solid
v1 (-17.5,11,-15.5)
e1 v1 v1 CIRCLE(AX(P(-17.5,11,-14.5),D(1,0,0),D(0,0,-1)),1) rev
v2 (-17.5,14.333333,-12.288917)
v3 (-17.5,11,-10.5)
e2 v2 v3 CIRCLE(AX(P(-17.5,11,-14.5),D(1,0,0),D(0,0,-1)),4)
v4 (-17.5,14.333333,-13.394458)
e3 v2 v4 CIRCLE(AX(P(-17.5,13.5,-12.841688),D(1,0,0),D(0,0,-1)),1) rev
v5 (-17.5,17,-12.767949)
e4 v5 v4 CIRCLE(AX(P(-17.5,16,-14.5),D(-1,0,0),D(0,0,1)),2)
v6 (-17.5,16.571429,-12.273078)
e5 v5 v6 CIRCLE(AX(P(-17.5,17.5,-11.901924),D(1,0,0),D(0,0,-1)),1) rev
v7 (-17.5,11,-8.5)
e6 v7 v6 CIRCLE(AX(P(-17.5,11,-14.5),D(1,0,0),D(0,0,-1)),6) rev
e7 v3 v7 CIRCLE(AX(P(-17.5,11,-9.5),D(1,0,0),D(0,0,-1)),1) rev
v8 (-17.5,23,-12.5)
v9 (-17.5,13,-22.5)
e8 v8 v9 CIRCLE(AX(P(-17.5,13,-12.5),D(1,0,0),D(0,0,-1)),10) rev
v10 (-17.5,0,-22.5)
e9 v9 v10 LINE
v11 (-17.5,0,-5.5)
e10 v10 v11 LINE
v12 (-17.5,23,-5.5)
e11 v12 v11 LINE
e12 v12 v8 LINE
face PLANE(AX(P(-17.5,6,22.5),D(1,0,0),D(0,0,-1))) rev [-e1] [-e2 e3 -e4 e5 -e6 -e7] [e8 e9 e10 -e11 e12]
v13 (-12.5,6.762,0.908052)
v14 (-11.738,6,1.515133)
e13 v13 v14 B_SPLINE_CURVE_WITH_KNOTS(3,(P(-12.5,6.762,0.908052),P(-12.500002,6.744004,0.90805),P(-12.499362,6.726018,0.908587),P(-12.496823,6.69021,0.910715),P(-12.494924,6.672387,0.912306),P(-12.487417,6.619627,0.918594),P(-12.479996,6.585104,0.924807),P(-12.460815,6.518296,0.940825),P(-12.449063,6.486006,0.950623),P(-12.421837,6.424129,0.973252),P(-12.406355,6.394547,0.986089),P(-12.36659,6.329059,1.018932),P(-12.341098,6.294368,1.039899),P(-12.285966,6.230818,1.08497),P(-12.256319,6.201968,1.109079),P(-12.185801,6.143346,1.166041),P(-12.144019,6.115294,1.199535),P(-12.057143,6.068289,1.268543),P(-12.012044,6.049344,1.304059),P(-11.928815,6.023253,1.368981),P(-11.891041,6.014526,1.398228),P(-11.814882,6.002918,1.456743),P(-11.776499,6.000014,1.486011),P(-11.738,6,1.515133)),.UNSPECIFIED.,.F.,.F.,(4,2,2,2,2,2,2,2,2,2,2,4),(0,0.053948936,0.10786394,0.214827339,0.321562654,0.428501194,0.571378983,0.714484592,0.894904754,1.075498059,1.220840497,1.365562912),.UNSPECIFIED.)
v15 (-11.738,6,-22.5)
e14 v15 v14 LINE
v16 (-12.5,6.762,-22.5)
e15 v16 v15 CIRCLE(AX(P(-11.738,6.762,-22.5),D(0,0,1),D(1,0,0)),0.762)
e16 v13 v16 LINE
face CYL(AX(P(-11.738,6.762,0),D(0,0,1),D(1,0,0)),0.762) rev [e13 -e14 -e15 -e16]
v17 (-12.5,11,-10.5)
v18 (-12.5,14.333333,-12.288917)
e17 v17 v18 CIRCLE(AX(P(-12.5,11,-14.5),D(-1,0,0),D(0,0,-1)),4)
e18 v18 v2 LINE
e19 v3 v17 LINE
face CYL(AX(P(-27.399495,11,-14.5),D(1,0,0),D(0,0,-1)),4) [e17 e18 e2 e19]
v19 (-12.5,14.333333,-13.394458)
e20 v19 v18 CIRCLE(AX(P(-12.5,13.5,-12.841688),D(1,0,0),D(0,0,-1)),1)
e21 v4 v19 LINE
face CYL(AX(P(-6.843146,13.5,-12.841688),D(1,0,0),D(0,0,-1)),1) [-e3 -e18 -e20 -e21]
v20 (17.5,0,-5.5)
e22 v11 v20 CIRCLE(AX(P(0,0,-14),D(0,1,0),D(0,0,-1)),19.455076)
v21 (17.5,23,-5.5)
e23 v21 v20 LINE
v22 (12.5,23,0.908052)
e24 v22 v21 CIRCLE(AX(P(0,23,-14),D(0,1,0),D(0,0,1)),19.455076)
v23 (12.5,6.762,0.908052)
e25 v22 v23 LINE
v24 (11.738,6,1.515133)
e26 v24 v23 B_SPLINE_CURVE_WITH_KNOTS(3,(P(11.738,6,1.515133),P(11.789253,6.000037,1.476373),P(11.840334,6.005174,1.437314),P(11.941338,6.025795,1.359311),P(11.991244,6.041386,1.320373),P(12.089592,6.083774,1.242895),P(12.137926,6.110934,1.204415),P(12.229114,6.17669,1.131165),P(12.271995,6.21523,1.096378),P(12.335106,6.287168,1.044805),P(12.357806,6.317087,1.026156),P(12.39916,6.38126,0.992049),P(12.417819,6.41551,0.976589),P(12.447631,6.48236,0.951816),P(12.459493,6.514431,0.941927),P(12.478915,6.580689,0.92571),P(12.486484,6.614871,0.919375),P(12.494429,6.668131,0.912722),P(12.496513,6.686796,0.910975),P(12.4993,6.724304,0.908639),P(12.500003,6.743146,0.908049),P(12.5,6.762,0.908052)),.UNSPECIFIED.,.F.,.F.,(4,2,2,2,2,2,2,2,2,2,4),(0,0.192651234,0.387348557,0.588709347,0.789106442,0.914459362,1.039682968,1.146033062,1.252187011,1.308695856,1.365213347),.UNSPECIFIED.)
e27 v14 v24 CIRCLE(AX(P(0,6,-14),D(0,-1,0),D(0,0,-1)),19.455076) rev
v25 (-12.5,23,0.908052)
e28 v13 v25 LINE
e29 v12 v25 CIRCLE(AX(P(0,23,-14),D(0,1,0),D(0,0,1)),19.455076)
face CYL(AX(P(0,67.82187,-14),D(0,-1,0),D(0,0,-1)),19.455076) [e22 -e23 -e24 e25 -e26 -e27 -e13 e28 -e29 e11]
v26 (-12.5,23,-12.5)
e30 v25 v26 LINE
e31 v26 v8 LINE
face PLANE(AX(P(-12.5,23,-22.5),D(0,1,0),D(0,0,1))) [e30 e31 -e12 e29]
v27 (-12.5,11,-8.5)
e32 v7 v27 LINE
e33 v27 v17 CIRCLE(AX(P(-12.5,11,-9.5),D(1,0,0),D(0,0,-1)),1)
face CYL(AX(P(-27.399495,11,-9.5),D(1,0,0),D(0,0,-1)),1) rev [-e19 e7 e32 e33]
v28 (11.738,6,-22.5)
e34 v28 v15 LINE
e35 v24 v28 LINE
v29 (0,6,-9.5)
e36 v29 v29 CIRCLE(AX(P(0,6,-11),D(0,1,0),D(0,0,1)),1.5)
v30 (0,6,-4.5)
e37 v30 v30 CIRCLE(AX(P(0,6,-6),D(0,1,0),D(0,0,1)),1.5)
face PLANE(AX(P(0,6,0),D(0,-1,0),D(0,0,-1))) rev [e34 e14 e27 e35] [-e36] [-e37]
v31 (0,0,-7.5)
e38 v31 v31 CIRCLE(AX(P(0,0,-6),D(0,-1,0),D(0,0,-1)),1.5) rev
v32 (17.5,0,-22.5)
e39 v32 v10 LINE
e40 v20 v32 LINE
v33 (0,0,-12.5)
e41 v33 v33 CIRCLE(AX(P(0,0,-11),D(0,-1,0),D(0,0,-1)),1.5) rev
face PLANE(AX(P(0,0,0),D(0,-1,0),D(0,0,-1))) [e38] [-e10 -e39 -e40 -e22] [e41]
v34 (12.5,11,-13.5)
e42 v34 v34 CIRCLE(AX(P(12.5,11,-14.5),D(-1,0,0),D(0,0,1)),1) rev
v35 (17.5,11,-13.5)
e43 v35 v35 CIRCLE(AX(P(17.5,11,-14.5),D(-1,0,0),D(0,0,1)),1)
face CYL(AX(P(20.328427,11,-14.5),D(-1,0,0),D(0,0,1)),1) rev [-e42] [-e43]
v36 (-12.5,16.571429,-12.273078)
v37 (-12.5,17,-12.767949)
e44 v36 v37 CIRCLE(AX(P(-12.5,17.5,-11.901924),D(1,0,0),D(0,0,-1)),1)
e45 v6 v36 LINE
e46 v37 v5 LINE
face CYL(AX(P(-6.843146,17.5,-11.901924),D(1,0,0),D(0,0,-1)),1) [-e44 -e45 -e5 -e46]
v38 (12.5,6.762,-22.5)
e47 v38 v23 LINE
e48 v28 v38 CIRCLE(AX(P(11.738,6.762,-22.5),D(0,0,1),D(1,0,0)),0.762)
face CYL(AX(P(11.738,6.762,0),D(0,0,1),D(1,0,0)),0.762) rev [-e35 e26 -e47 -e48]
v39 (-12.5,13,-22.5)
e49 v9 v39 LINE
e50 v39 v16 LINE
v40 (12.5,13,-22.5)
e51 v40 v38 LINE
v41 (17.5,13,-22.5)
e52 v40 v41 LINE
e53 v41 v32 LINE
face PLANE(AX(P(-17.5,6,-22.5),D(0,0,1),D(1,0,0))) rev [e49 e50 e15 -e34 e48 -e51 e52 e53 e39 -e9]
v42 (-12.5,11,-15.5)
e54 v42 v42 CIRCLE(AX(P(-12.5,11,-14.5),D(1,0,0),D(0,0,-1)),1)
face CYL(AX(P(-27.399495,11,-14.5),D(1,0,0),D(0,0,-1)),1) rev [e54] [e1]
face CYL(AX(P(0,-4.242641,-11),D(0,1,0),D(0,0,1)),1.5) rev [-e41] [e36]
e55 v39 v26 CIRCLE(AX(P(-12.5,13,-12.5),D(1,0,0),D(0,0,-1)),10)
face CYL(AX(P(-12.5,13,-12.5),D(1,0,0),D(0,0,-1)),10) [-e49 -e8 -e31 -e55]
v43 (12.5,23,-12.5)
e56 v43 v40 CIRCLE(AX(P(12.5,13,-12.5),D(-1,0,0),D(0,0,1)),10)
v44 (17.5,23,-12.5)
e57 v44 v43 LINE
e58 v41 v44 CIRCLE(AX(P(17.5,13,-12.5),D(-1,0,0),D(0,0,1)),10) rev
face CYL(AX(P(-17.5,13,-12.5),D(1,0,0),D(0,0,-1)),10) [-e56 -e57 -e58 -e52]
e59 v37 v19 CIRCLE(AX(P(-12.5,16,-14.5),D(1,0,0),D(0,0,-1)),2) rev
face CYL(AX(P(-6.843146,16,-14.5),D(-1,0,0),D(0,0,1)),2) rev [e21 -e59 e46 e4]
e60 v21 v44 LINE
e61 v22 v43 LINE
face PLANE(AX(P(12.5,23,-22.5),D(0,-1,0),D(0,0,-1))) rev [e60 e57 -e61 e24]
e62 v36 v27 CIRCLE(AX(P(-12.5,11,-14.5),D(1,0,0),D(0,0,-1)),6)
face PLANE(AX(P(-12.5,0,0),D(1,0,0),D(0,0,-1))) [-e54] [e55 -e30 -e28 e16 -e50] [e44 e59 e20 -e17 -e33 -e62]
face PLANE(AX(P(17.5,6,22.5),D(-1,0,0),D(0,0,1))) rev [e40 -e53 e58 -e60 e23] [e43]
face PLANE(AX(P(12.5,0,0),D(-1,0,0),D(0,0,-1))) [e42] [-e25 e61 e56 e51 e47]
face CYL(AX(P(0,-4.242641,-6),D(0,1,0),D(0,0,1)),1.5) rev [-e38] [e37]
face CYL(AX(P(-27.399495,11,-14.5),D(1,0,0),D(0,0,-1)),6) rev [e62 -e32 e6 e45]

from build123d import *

# Parameters (mm, degrees)
SKETCH1_W           = 35
SKETCH1_H           = 45
BOSS_EXTRUDE1_DEPTH = 6
SKETCH2_W           = 45
SKETCH2_H           = 17
BOSS_EXTRUDE2_DEPTH = 5
SKETCH3_R           = 1
CUT_EXTRUDE1_DEPTH  = 5
SKETCH3_2_R         = 1
CUT_EXTRUDE2_DEPTH  = 30
SKETCH4_R           = 2
CUT_EXTRUDE3_DEPTH  = 5
FILLET1_R           = 0.762
FILLET2_R           = 10
FILLET3_R           = 1
CUT_EXTRUDE4_DEPTH  = 23
SKETCH6_R           = 1.5
CUT_EXTRUDE5_DEPTH  = 6


with BuildPart() as part:
    # Sketch1 → Boss-Extrude1 (new body)
    with BuildSketch(Plane(origin=(0, 0, 0), x_dir=(1, 0, 0), z_dir=(0, 1, 0))):
        Rectangle(SKETCH1_W, SKETCH1_H)
    extrude(amount=BOSS_EXTRUDE1_DEPTH)

    # Sketch2 → Boss-Extrude2 (add)
    with BuildSketch(Plane.ZY.offset(17.5)):
        with Locations((0, 14.5)):
            Rectangle(SKETCH2_W, SKETCH2_H)
    boss_extrude2 = extrude(amount=-BOSS_EXTRUDE2_DEPTH)

    # Mirror1: Boss-Extrude2 across plane
    add(boss_extrude2.mirror(Plane(origin=(0, 0, 0), x_dir=(0, 0, 1), z_dir=(1, 0, 0))))

    # Sketch3 → Cut-Extrude1 (cut)
    with BuildSketch(Plane(origin=(-12.5, 0, 0), x_dir=(0, 0, -1), z_dir=(1, 0, 0))):
        with Locations((14.5, 11)):
            Circle(SKETCH3_R)
        with BuildLine():
            ThreePointArc((14.5, 17), (10.257359313, 15.242640687), (8.5, 11))
            ThreePointArc((8.5, 11), (9.5, 10), (10.5, 11))
            ThreePointArc((10.5, 11), (11.671572875, 13.828427125), (14.5, 15))
            ThreePointArc((14.5, 15), (15.5, 16), (14.5, 17))
        make_face()
    extrude(amount=-CUT_EXTRUDE1_DEPTH, mode=Mode.SUBTRACT)

    # Sketch3<2> → Cut-Extrude2 (cut)
    with BuildSketch(Plane(origin=(-12.5, 0, 0), x_dir=(0, 0, -1), z_dir=(1, 0, 0))):
        with Locations((14.5, 11)):
            Circle(SKETCH3_2_R)
    extrude(amount=CUT_EXTRUDE2_DEPTH, mode=Mode.SUBTRACT)

    # Sketch4 → Cut-Extrude3 (cut)
    with BuildSketch(Plane.ZY.offset(17.5)):
        with Locations((-14.5, 16)):
            Circle(SKETCH4_R)
    extrude(amount=-CUT_EXTRUDE3_DEPTH, mode=Mode.SUBTRACT)

    # Fillet1
    fillet1_edges = [part.edges().sort_by_distance(p)[0] for p in [
        (-12.5, 6, 0),
        (12.5, 6, 0),
    ]]
    fillet(fillet1_edges, radius=FILLET1_R)

    # Fillet2
    fillet2_edges = [part.edges().sort_by_distance(p)[0] for p in [
        (-15, 23, -22.5),
        (-15, 23, 22.5),
        (15, 23, 22.5),
        (15, 23, -22.5),
    ]]
    fillet(fillet2_edges, radius=FILLET2_R)

    # Fillet3
    fillet3_edges = [part.edges().sort_by_distance(p)[0] for p in [
        (-15, 16.7, -12.6265006),
        (-15, 14.7, -12.980131585),
    ]]
    fillet(fillet3_edges, radius=FILLET3_R)

    # Sketch5 → Cut-Extrude4 (cut)
    with BuildSketch(Plane.XZ):
        with BuildLine():
            Line((17.5, 22.5), (17.5, -5.5))
            ThreePointArc((17.5, -5.5), (0, 5.455076458), (-17.5, -5.5))
            Line((-17.5, -5.5), (-17.5, 22.5))
            Line((-17.5, 22.5), (17.5, 22.5))
        make_face()
    extrude(amount=-CUT_EXTRUDE4_DEPTH, mode=Mode.SUBTRACT)

    # Sketch6 → Cut-Extrude5 (cut)
    with BuildSketch(Plane(origin=(0, 6, 0), x_dir=(1, 0, 0), z_dir=(0, 1, 0))):
        with Locations((0, 11)):
            Circle(SKETCH6_R)
        with Locations((0, 6)):
            Circle(SKETCH6_R)
    extrude(amount=-CUT_EXTRUDE5_DEPTH, mode=Mode.SUBTRACT)


solid = part.part
